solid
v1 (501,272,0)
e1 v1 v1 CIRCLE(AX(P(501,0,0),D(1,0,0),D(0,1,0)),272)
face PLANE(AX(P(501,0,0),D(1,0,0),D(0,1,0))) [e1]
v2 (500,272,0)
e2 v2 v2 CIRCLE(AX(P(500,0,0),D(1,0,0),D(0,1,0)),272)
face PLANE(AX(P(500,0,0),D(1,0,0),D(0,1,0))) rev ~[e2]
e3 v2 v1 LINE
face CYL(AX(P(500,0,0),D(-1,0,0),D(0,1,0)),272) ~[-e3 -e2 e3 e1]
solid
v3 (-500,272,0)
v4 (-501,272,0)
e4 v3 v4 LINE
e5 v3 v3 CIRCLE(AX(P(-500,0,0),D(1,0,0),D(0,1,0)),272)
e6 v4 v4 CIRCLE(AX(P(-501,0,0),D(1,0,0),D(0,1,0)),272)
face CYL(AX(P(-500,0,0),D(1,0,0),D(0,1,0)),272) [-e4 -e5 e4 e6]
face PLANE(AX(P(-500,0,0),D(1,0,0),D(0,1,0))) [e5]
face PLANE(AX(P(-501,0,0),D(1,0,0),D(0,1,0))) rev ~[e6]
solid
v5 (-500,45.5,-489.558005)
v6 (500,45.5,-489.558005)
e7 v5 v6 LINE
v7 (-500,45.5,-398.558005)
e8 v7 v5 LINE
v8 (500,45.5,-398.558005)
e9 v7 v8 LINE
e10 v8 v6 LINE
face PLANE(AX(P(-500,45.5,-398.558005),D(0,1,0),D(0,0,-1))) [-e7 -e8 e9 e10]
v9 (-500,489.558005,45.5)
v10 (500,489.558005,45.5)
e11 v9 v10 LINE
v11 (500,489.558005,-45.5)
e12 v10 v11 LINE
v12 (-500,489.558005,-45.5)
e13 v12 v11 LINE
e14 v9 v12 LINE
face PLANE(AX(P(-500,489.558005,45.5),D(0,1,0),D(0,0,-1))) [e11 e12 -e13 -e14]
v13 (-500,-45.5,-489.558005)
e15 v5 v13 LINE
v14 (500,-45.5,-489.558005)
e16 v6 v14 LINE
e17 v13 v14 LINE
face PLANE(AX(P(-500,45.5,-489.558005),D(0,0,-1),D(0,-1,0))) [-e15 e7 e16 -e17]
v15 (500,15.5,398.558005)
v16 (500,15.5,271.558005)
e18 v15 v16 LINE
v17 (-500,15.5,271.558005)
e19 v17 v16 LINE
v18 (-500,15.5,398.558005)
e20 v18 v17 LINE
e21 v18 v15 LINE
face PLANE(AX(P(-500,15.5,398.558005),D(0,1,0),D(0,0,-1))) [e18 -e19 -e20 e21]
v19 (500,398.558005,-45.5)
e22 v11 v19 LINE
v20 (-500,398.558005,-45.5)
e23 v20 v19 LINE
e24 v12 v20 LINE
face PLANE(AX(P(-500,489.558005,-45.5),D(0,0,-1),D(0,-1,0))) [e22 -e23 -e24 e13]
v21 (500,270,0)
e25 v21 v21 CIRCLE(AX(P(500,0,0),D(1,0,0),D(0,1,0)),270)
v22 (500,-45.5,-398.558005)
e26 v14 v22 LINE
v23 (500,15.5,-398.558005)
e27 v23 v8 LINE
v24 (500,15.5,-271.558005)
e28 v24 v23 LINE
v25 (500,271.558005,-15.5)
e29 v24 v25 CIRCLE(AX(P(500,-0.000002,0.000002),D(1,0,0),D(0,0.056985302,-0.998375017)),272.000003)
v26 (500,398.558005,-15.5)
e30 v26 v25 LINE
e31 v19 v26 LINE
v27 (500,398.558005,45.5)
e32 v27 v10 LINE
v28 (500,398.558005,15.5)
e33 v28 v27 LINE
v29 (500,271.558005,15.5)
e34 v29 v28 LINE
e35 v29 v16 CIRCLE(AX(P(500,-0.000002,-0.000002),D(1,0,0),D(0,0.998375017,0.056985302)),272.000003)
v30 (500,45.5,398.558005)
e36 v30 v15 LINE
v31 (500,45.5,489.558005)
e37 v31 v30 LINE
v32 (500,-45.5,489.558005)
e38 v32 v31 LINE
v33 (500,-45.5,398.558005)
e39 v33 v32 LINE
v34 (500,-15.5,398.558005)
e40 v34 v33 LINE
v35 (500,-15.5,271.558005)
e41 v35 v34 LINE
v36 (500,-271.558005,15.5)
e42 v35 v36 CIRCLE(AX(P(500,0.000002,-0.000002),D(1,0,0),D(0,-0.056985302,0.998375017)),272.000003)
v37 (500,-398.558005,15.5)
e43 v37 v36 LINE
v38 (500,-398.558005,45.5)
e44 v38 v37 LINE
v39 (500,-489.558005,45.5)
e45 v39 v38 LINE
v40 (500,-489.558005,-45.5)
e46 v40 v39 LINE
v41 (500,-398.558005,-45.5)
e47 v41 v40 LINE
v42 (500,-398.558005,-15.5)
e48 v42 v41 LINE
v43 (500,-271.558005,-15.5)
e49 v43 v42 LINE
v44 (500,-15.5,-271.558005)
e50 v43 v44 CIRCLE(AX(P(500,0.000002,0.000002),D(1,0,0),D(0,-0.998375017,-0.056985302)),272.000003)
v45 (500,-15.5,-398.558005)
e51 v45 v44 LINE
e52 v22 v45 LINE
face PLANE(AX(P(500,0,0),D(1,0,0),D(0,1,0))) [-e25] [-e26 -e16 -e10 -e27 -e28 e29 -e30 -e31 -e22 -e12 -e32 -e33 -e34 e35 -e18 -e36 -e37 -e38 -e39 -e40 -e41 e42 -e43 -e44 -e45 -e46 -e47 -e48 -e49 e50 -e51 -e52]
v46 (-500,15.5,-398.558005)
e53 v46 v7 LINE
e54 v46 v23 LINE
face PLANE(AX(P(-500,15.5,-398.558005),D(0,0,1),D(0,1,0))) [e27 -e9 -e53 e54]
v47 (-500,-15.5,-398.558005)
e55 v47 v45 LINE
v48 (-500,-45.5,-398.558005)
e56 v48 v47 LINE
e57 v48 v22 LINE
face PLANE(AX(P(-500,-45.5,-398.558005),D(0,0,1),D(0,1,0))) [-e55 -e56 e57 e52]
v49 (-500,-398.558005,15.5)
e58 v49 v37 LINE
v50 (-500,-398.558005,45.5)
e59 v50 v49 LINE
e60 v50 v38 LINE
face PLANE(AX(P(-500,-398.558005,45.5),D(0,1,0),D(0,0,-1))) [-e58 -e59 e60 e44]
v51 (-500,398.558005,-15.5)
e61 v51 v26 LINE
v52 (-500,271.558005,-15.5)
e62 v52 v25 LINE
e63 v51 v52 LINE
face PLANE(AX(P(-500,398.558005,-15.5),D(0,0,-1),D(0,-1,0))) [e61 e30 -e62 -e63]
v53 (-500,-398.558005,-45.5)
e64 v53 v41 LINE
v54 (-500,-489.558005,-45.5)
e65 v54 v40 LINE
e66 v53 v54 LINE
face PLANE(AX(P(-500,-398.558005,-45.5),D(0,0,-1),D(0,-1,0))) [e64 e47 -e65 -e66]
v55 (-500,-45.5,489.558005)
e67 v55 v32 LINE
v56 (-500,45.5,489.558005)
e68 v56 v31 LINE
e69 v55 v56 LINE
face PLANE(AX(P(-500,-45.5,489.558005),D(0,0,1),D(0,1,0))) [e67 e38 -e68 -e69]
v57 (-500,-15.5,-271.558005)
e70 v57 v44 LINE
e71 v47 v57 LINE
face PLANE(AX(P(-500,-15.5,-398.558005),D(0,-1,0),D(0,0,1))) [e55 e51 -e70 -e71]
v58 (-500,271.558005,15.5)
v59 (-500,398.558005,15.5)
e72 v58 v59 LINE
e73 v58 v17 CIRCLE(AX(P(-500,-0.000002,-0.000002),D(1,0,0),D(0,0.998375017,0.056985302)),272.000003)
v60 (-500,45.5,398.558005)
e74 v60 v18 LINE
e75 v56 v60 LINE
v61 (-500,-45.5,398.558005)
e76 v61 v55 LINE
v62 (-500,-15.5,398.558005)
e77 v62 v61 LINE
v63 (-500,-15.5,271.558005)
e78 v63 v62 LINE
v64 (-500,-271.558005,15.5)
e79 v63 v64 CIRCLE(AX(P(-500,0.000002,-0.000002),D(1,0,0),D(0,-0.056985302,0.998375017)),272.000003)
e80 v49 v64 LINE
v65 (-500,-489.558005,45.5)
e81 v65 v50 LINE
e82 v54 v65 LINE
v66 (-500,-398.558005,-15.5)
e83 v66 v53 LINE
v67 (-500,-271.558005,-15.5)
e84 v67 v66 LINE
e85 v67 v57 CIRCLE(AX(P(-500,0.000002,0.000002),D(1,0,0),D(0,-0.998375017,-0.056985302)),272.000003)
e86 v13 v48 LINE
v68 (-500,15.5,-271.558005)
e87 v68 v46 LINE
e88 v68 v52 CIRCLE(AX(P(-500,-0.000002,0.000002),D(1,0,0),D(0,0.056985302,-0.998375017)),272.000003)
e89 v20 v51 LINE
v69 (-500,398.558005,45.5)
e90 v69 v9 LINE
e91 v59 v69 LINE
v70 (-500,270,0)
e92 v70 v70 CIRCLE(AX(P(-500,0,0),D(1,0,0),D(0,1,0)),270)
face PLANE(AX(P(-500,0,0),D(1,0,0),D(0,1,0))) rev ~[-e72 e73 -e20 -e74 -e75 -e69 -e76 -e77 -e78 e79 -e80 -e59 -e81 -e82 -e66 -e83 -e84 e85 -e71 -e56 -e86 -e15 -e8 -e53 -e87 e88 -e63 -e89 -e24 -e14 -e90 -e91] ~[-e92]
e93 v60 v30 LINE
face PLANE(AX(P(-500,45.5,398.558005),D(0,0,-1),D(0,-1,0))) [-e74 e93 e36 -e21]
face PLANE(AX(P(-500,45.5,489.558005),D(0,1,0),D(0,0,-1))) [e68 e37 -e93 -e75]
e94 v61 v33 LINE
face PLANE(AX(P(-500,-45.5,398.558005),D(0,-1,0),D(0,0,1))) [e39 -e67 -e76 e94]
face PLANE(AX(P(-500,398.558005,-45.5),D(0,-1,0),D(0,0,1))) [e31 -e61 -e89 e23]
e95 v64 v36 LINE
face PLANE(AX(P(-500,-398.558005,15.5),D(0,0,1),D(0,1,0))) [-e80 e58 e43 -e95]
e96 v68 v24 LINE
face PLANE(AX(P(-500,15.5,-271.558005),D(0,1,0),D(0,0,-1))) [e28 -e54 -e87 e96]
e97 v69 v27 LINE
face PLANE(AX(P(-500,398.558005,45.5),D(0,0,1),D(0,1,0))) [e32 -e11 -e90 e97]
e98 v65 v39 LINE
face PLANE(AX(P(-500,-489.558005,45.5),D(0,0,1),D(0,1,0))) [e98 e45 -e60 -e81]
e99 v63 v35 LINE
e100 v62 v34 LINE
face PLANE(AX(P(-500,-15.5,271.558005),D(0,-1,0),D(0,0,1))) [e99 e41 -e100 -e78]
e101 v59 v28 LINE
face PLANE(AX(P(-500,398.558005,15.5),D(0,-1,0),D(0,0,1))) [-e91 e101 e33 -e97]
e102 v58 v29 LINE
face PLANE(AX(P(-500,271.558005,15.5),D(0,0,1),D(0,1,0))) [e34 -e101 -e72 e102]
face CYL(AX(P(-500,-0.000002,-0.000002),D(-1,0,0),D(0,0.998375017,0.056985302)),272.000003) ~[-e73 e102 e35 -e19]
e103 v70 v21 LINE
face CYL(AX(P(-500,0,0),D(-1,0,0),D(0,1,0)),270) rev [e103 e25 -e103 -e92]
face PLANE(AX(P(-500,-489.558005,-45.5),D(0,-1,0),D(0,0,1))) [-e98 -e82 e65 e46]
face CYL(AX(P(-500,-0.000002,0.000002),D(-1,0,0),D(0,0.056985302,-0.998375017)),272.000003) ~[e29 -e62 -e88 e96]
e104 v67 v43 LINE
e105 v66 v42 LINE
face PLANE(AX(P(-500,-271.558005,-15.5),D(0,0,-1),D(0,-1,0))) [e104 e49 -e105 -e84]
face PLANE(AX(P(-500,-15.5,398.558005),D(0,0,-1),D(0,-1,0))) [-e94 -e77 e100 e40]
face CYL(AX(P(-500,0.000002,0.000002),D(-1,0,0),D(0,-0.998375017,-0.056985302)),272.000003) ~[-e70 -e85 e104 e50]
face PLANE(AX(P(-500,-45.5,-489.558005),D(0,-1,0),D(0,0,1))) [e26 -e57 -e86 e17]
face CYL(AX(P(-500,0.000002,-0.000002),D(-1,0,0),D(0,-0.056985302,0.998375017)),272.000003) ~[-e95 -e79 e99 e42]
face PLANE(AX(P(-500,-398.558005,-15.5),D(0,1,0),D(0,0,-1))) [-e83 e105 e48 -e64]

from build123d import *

# Parameters (mm, degrees)
SKETCH001_R  = 272
PAD_DEPTH    = 1
SKETCH_R     = 270
PAD001_DEPTH = 1000
SKETCH002_R  = 272
PAD002_DEPTH = 1


with BuildPart() as pad:
    # Sketch001 → Pad (new body)
    with BuildSketch(Plane.YZ.offset(-500)):
        Circle(SKETCH001_R)
    extrude(amount=-PAD_DEPTH)


with BuildPart() as pad001:
    # Sketch → Pad001 (new body)
    with BuildSketch(Plane.YZ.offset(-500)):
        with BuildLine():
            ThreePointArc((-15.5, 271.558005), (-192.333044, 192.333044), (-271.558005, 15.5))
            Line((-398.558005, 15.5), (-271.558005, 15.5))
            Line((-398.558005, 45.5), (-398.558005, 15.5))
            Line((-489.558005, 45.5), (-398.558005, 45.5))
            Line((-489.558005, -45.5), (-489.558005, 45.5))
            Line((-398.558005, -45.5), (-489.558005, -45.5))
            Line((-398.558005, -15.5), (-398.558005, -45.5))
            Line((-271.558005, -15.5), (-398.558005, -15.5))
            ThreePointArc((-271.558005, -15.5), (-192.333044, -192.333044), (-15.5, -271.558005))
            Line((-15.5, -398.558005), (-15.5, -271.558005))
            Line((-45.5, -398.558005), (-15.5, -398.558005))
            Line((-45.5, -489.558005), (-45.5, -398.558005))
            Line((45.5, -489.558005), (-45.5, -489.558005))
            Line((45.5, -398.558005), (45.5, -489.558005))
            Line((15.5, -398.558005), (45.5, -398.558005))
            Line((15.5, -271.558005), (15.5, -398.558005))
            ThreePointArc((15.5, -271.558005), (192.333044, -192.333044), (271.558005, -15.5))
            Line((398.558005, -15.5), (271.558005, -15.5))
            Line((398.558005, -45.5), (398.558005, -15.5))
            Line((489.558005, -45.5), (398.558005, -45.5))
            Line((489.558005, 45.5), (489.558005, -45.5))
            Line((398.558005, 45.5), (489.558005, 45.5))
            Line((398.558005, 15.5), (398.558005, 45.5))
            Line((271.558005, 15.5), (398.558005, 15.5))
            ThreePointArc((271.558005, 15.5), (192.333044, 192.333044), (15.5, 271.558005))
            Line((15.5, 398.558005), (15.5, 271.558005))
            Line((45.5, 398.558005), (15.5, 398.558005))
            Line((45.5, 489.558005), (45.5, 398.558005))
            Line((-45.5, 489.558005), (45.5, 489.558005))
            Line((-45.5, 398.558005), (-45.5, 489.558005))
            Line((-15.5, 398.558005), (-45.5, 398.558005))
            Line((-15.5, 271.558005), (-15.5, 398.558005))
        make_face()
        Circle(SKETCH_R, mode=Mode.SUBTRACT)
    extrude(amount=PAD001_DEPTH)


with BuildPart() as pad002:
    # Sketch002 → Pad002 (new body)
    with BuildSketch(Plane.YZ.offset(500)):
        Circle(SKETCH002_R)
    extrude(amount=PAD002_DEPTH)


solid = Compound([pad.part, pad001.part, pad002.part])
